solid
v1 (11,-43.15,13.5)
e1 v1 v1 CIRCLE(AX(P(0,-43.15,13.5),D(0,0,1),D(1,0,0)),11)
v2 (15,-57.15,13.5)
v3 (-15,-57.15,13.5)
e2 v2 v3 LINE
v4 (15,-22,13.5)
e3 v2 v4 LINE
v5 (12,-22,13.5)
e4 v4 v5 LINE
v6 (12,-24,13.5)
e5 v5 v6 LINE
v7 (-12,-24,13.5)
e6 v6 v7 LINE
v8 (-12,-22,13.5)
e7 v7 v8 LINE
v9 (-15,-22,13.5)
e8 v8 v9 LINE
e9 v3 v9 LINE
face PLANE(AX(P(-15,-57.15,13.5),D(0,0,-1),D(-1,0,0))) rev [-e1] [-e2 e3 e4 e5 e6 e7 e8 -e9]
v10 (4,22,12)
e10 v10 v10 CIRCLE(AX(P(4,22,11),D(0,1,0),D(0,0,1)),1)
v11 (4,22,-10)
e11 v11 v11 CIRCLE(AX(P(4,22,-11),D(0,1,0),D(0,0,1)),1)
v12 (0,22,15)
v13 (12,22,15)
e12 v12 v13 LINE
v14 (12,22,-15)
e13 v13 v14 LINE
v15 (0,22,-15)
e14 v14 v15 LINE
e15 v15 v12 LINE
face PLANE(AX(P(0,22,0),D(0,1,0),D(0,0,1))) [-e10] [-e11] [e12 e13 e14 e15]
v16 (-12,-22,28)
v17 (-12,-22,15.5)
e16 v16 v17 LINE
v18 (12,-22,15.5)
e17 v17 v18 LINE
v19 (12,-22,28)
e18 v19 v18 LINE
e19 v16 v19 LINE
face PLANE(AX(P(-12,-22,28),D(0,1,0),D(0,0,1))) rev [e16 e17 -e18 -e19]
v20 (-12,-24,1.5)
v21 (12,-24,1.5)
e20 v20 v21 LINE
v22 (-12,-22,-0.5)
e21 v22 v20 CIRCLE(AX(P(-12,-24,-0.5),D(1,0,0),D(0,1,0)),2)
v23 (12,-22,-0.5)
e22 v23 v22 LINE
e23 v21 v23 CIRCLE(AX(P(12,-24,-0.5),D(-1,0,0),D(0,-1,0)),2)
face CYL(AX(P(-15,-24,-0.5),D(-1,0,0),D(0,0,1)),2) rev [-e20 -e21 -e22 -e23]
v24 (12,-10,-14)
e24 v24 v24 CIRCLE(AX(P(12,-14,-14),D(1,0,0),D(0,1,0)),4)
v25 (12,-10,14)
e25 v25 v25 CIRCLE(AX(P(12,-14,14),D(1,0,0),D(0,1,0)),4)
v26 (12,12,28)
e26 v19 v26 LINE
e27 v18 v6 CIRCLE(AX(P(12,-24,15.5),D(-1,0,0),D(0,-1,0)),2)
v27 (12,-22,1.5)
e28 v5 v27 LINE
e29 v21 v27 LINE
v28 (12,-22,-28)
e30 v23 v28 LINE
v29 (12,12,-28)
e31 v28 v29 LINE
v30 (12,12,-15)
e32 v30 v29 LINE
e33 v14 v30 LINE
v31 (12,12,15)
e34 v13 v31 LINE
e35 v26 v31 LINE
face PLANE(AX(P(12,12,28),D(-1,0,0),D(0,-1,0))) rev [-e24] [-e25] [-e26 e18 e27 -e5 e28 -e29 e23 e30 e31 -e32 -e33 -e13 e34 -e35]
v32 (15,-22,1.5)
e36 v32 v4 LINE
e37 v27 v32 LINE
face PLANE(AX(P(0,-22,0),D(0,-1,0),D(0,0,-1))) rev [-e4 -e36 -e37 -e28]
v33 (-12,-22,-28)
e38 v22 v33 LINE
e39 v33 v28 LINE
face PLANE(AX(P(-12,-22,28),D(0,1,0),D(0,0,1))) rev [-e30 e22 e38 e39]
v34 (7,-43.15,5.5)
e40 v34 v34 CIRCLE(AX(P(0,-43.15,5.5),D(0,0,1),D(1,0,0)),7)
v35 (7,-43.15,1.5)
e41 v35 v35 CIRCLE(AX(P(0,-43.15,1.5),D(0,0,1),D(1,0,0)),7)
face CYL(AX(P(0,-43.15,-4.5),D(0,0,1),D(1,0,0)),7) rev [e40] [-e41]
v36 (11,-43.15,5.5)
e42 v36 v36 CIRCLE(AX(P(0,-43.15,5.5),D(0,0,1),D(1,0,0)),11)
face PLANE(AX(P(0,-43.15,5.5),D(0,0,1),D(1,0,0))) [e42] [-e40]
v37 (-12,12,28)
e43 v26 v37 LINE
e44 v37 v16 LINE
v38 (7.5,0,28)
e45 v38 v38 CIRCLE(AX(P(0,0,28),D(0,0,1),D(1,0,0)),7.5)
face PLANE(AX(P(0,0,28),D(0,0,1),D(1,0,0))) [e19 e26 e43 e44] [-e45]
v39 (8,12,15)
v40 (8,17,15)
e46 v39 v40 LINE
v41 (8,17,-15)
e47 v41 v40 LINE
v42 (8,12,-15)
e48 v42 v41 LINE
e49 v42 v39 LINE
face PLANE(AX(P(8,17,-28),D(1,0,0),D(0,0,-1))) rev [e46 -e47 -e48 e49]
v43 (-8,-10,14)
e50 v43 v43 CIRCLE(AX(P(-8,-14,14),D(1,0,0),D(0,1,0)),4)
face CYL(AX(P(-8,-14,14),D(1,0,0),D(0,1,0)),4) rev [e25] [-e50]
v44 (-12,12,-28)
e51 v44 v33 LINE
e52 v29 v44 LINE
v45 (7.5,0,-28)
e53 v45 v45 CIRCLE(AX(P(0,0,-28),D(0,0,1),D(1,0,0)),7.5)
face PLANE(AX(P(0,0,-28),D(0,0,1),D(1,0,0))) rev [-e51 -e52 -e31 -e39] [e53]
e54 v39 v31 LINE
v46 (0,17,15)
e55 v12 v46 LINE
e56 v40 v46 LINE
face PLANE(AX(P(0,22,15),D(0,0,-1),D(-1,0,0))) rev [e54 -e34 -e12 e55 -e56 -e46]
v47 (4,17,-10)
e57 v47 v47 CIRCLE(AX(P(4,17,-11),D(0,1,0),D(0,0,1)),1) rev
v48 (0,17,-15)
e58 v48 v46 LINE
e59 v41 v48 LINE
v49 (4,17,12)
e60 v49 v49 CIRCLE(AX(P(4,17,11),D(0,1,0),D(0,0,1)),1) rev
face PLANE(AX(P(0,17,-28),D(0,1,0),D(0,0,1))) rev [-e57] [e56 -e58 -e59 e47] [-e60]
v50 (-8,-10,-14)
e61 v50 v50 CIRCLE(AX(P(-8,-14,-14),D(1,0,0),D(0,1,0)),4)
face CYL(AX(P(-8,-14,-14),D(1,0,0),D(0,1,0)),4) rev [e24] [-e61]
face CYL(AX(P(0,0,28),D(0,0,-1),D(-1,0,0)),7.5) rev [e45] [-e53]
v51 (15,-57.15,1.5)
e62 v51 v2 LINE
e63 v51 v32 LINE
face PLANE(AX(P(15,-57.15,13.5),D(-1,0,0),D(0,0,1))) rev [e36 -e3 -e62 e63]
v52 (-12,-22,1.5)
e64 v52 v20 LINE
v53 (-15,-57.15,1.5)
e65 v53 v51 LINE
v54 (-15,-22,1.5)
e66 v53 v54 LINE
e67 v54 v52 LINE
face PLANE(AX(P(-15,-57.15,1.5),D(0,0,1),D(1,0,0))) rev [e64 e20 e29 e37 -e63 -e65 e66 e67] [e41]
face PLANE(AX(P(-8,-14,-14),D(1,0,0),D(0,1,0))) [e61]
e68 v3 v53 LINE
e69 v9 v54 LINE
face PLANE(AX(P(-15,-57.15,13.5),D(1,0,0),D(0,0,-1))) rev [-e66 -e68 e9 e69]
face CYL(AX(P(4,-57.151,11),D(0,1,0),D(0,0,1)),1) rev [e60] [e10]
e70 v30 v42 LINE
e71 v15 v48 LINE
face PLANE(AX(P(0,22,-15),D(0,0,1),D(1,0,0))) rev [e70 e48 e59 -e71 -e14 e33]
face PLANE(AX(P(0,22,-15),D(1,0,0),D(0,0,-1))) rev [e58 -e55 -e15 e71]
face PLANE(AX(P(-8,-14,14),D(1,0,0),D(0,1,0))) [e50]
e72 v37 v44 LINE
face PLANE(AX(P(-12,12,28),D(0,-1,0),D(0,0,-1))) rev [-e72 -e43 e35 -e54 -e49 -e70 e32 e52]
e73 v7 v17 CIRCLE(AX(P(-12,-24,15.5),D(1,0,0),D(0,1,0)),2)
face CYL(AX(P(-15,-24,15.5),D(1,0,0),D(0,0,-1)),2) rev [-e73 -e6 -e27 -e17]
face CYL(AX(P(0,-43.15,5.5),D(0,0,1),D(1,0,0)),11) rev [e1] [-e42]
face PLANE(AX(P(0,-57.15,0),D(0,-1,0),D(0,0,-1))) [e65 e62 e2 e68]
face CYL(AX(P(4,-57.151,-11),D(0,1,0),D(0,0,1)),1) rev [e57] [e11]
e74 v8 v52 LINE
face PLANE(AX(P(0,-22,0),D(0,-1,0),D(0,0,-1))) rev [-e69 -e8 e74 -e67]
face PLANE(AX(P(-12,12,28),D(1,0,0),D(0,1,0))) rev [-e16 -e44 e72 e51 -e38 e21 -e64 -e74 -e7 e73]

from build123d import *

# Parameters (mm, degrees)
SKETCH1_W           = 24
SKETCH1_H           = 34
SKETCH1_R           = 7.5
BOSS_EXTRUDE1_DEPTH = 28
SKETCH3_W           = 30
SKETCH3_H           = 12
BOSS_EXTRUDE2_DEPTH = 35.15
SKETCH4_R           = 11
CUT_EXTRUDE2_DEPTH  = 8
FILLET1_R           = 2
SKETCH5_W           = 12
SKETCH5_H           = 30
BOSS_EXTRUDE3_DEPTH = 10
SKETCH6_W           = 8
SKETCH6_H           = 5
CUT_EXTRUDE3_DEPTH  = 74.076141797
CUT_EXTRUDE4_REACH  = 87.286
SKETCH7_R           = 1
SKETCH8_R           = 4
CUT_EXTRUDE5_DEPTH  = 20
SKETCH9_R           = 7
CUT_EXTRUDE6_DEPTH  = 10


with BuildPart() as part:
    # Sketch1 → Boss-Extrude1 (new, symmetric)
    with BuildSketch(Plane.XY):
        with Locations((0, -5)):
            Rectangle(SKETCH1_W, SKETCH1_H)
        Circle(SKETCH1_R, mode=Mode.SUBTRACT)
    extrude(amount=BOSS_EXTRUDE1_DEPTH, both=True)

    # Sketch3 → Boss-Extrude2 (add)
    with BuildSketch(Plane.XZ.offset(22)):
        with Locations((0, 7.5)):
            Rectangle(SKETCH3_W, SKETCH3_H)
    extrude(amount=BOSS_EXTRUDE2_DEPTH)

    # Sketch4 → Cut-Extrude2 (cut)
    with BuildSketch(Plane.XY.offset(13.5)):
        with Locations((0, -43.15)):
            Circle(SKETCH4_R)
    extrude(amount=-CUT_EXTRUDE2_DEPTH, mode=Mode.SUBTRACT)

    # Fillet1
    fillet1_edges = [part.edges().sort_by_distance(p)[0] for p in [
        (0, -22, 1.5),
        (0, -22, 13.5),
    ]]
    fillet(fillet1_edges, radius=FILLET1_R)

    # Sketch5 → Boss-Extrude3 (add)
    with BuildSketch(Plane(origin=(0, 12, 0), x_dir=(1, 0, 0), z_dir=(0, 1, 0))):
        with Locations((6, 0)):
            Rectangle(SKETCH5_W, SKETCH5_H)
    extrude(amount=BOSS_EXTRUDE3_DEPTH)

    # Sketch6 → Cut-Extrude3 (cut, through all)
    with BuildSketch(Plane.XY.offset(15)):
        with Locations((4, 14.5)):
            Rectangle(SKETCH6_W, SKETCH6_H)
    extrude(amount=-CUT_EXTRUDE3_DEPTH, mode=Mode.SUBTRACT)

    # Sketch7 → Cut-Extrude4 (cut, up to next)
    with BuildSketch(Plane(origin=(0, 22, 0), x_dir=(1, 0, 0), z_dir=(0, 1, 0)), mode=Mode.PRIVATE) as cut_extrude4_sk1:
        with Locations(Location((4, 11, 0), (0, 0, 270))):
            Circle(SKETCH7_R)
    cut_extrude4_tool1 = extrude(cut_extrude4_sk1.sketch, amount=-CUT_EXTRUDE4_REACH, mode=Mode.PRIVATE) & part.part
    # Sketch7 → Cut-Extrude4 (cut, up to next)
    with BuildSketch(Plane(origin=(0, 22, 0), x_dir=(1, 0, 0), z_dir=(0, 1, 0)), mode=Mode.PRIVATE) as cut_extrude4_sk2:
        with Locations(Location((4, -11, 0), (0, 0, 270))):
            Circle(SKETCH7_R)
    cut_extrude4_tool2 = extrude(cut_extrude4_sk2.sketch, amount=-CUT_EXTRUDE4_REACH, mode=Mode.PRIVATE) & part.part
    add(cut_extrude4_tool1.solids().sort_by_distance((4, 22, -11))[0], mode=Mode.SUBTRACT)
    add(cut_extrude4_tool2.solids().sort_by_distance((4, 22, 11))[0], mode=Mode.SUBTRACT)

    # Sketch8 → Cut-Extrude5 (cut)
    with BuildSketch(Plane(origin=(12, 0, 0), x_dir=(0, 0, -1), z_dir=(1, 0, 0))):
        with Locations(Location((-14, -14, 0), (0, 0, 90))):
            Circle(SKETCH8_R)
        with Locations(Location((14, -14, 0), (0, 0, 90))):
            Circle(SKETCH8_R)
    extrude(amount=-CUT_EXTRUDE5_DEPTH, mode=Mode.SUBTRACT)

    # Sketch9 → Cut-Extrude6 (cut)
    with BuildSketch(Plane.XY.offset(5.5)):
        with Locations((0, -43.15)):
            Circle(SKETCH9_R)
    extrude(amount=-CUT_EXTRUDE6_DEPTH, mode=Mode.SUBTRACT)


solid = part.part
